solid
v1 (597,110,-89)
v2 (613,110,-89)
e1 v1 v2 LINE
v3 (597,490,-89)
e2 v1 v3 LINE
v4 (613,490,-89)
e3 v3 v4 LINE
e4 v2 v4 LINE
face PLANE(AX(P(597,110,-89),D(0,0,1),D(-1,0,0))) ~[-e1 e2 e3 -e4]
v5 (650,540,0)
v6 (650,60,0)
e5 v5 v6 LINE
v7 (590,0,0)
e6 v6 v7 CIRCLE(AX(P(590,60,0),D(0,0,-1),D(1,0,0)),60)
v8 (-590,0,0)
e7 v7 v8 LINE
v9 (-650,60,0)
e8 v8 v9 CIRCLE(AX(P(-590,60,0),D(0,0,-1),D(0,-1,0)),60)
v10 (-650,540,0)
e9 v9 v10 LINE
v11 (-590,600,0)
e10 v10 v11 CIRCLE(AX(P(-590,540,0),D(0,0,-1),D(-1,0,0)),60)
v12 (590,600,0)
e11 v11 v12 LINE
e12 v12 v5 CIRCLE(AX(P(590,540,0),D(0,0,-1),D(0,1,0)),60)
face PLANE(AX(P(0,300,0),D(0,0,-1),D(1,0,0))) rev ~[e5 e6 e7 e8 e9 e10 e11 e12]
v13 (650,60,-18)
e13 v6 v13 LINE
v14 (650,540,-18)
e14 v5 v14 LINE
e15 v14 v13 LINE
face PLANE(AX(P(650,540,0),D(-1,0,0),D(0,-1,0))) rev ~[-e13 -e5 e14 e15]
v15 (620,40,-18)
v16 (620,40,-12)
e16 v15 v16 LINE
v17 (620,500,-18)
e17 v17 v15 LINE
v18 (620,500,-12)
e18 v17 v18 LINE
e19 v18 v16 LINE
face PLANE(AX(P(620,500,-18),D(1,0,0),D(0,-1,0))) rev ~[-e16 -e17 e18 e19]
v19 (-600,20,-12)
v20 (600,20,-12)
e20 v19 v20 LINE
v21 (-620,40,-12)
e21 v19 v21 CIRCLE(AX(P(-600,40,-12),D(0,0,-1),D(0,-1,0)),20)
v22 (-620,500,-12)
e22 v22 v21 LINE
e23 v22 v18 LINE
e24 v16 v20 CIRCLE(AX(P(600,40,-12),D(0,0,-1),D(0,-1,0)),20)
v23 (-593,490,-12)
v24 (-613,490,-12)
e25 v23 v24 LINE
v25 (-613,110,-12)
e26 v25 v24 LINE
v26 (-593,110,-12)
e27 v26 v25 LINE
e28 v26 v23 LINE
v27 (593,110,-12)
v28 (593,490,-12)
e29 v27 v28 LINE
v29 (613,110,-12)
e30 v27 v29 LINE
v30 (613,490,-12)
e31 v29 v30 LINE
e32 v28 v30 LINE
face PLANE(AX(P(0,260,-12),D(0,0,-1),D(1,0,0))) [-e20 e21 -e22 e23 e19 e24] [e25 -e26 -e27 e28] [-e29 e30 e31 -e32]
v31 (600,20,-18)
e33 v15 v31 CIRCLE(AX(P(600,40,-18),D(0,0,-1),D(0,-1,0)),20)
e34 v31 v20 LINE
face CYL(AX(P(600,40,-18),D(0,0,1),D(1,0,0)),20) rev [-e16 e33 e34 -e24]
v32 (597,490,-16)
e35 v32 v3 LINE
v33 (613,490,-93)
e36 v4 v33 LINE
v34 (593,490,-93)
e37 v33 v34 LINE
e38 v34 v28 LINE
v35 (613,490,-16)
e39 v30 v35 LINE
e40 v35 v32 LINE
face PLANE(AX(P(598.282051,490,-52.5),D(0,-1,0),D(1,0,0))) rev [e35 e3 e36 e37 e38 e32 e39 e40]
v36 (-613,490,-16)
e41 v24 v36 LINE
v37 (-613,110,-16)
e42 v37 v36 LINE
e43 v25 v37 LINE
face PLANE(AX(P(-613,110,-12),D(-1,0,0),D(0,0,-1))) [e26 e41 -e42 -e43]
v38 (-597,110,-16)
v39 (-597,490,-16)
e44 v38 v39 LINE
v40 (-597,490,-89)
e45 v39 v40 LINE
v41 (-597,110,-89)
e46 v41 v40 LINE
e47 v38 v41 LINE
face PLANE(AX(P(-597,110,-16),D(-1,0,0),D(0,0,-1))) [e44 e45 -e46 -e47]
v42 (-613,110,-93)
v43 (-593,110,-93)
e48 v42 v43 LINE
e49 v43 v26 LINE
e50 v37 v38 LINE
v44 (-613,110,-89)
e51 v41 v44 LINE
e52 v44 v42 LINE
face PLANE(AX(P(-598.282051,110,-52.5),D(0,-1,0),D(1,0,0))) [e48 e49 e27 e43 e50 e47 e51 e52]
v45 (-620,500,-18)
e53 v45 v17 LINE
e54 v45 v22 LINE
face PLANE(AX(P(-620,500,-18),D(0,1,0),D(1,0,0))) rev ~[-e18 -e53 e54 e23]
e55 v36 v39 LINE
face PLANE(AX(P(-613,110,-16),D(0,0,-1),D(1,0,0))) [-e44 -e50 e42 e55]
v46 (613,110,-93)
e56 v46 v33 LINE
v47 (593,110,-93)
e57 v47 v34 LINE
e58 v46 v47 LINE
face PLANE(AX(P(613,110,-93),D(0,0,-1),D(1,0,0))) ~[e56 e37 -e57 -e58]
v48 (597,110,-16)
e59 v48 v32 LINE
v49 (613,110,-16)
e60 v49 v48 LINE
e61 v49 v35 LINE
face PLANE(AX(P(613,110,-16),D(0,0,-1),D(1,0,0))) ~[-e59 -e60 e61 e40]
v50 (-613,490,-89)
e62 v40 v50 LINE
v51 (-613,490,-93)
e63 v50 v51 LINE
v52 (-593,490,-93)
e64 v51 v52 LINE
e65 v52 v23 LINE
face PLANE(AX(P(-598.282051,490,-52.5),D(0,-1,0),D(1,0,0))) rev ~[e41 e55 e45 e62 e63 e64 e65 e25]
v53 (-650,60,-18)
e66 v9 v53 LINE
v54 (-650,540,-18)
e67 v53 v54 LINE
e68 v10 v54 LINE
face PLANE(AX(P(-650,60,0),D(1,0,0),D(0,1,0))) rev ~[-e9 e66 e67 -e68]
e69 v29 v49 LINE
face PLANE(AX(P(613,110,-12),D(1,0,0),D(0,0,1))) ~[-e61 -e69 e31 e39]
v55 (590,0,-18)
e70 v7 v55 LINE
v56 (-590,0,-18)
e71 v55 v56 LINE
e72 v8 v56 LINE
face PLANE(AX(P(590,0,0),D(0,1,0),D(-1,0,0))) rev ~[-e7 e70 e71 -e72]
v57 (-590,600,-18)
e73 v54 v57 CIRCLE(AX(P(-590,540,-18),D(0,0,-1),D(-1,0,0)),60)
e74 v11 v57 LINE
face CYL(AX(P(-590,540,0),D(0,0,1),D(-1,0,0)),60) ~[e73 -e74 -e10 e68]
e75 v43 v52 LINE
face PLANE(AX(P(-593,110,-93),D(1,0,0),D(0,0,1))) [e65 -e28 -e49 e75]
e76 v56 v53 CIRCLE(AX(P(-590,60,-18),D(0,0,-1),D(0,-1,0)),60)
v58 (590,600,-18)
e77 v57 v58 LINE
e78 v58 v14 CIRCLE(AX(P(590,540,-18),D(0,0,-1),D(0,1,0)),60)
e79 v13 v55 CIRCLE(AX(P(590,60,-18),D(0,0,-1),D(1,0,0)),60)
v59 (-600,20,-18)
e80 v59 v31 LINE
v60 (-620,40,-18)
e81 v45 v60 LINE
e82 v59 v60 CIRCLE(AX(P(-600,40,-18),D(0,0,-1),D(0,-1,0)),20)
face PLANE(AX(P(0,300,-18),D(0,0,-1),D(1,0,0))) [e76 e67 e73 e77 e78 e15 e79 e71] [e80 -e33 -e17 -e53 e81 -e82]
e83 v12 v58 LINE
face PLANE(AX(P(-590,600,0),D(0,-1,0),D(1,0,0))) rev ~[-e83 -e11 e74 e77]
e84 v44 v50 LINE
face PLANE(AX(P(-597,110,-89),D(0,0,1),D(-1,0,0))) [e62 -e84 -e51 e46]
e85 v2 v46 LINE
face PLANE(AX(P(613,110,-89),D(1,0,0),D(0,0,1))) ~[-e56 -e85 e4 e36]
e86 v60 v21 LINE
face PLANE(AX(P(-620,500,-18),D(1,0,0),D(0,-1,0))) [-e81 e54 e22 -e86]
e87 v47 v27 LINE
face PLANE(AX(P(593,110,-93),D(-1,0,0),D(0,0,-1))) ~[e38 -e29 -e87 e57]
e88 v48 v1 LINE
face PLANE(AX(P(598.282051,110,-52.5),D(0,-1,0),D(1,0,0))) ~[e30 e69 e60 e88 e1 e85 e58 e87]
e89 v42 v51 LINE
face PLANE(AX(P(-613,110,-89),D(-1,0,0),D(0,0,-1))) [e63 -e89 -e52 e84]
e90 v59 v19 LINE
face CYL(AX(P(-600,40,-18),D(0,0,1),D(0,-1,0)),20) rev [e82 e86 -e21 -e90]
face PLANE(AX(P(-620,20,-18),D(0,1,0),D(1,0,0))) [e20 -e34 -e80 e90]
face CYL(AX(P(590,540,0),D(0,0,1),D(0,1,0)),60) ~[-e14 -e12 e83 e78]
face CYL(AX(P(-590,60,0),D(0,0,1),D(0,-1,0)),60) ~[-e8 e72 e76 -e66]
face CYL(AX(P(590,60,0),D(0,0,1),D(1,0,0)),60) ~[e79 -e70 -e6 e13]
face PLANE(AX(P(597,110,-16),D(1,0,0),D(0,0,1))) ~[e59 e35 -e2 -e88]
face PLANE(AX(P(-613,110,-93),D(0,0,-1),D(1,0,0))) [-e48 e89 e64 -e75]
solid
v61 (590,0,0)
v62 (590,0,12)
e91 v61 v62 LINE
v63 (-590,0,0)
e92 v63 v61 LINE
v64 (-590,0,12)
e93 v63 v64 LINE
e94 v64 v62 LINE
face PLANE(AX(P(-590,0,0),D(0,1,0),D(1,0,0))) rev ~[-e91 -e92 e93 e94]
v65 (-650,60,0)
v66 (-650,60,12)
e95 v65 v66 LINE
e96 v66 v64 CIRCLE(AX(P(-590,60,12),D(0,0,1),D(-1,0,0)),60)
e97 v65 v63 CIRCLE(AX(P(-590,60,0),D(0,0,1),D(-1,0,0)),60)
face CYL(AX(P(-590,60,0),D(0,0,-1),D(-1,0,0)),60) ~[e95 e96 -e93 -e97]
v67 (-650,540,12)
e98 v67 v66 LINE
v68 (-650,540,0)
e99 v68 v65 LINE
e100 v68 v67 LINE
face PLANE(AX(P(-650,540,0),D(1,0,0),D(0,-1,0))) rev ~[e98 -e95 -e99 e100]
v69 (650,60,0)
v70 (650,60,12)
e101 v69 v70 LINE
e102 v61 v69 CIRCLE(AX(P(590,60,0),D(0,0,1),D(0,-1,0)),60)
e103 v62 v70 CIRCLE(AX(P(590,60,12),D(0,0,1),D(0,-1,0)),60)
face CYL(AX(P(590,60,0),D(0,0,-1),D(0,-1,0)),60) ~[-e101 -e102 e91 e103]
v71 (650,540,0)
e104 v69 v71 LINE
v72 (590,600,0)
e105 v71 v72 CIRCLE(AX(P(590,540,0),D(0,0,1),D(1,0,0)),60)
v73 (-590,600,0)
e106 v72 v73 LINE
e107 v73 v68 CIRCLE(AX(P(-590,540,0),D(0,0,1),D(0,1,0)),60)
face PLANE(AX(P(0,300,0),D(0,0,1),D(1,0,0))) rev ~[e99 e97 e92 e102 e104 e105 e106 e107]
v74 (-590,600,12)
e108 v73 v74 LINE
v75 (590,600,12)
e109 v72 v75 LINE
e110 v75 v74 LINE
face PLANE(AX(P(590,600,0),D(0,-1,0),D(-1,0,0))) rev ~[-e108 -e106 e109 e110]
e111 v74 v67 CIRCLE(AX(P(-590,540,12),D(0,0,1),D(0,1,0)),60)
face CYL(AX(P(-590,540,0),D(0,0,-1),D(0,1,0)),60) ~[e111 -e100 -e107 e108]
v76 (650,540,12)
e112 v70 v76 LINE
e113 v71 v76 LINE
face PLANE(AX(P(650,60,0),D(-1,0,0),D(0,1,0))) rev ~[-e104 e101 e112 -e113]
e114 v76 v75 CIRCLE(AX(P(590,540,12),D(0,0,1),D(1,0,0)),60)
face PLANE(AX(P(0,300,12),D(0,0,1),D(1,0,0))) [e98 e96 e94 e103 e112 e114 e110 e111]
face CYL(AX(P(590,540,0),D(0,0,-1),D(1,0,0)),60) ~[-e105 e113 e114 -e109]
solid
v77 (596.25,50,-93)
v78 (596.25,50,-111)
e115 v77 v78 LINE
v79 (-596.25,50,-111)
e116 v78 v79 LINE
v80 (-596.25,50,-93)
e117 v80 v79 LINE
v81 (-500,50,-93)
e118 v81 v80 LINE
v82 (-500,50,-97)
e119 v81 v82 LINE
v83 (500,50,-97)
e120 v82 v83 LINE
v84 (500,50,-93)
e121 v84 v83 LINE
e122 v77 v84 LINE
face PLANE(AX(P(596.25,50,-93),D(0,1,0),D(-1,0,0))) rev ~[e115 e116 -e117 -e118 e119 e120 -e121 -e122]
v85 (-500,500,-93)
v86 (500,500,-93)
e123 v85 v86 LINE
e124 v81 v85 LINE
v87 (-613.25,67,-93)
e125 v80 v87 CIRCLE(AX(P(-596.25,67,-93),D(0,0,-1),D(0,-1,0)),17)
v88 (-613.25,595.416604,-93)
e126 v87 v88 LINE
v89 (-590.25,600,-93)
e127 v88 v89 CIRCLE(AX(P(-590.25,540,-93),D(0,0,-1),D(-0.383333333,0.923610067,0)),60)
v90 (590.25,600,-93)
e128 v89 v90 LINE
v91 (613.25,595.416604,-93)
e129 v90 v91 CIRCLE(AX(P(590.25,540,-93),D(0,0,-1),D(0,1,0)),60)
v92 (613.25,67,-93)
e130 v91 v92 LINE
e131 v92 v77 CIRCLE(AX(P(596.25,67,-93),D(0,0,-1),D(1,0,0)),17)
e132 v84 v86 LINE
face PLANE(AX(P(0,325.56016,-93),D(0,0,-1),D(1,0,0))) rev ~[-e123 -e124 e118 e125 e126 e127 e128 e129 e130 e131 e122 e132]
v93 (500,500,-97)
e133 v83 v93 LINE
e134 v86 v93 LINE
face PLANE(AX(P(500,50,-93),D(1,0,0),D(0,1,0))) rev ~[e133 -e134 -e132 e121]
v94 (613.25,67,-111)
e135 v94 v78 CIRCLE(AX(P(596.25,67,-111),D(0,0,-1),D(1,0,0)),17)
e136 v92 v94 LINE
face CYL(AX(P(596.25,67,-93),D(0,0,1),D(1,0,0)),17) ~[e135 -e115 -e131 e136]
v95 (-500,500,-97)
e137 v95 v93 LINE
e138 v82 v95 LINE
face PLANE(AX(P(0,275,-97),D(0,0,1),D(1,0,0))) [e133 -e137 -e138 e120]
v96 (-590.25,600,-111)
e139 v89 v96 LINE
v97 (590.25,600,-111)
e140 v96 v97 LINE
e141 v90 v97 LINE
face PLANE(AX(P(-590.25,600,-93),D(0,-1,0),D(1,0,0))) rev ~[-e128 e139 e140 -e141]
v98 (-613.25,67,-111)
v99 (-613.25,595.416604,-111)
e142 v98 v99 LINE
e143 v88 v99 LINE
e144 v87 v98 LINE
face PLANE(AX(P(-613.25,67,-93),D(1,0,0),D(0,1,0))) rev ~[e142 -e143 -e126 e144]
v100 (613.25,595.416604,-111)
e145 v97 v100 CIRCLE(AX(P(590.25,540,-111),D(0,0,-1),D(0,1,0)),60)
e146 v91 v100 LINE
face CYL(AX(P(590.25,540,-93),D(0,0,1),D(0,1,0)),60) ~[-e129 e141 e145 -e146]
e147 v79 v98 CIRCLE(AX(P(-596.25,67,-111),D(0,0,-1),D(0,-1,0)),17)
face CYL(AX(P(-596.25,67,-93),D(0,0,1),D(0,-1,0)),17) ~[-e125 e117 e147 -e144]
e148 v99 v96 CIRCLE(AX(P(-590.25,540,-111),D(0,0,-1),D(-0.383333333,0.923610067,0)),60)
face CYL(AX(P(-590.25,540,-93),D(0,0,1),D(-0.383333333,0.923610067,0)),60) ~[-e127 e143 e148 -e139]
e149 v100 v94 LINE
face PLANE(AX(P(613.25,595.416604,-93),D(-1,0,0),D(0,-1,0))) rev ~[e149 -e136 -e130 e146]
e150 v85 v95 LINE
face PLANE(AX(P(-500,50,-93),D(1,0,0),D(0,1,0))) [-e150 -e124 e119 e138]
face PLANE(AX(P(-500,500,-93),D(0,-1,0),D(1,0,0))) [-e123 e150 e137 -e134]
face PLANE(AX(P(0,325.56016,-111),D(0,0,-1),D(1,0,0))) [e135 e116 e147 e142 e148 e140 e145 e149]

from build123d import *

# Parameters (mm, degrees)
F1_DEPTH  = 12
F3_DEPTH  = 18
F4_W      = 1240
F4_H      = 480
F5_DEPTH  = 6
F6_R      = 20
F9_DEPTH  = 380
F12_DEPTH = 18
F13_W     = 1000
F13_H     = 450
F14_DEPTH = 4


with BuildPart() as f1:
    # F0 (on Top) → F1 (new body)
    with BuildSketch(Plane.XY):
        with BuildLine():
            ThreePointArc((-650, 60), (-632.4264068712, 17.5735931288), (-590, 0))
            Line((-590, 0), (590, 0))
            ThreePointArc((590, 0), (632.4264068712, 17.5735931288), (650, 60))
            Line((650, 60), (650, 540))
            ThreePointArc((650, 540), (632.4264068712, 582.4264068712), (590, 600))
            Line((590, 600), (-590, 600))
            ThreePointArc((-590, 600), (-632.4264068712, 582.4264068712), (-650, 540))
            Line((-650, 540), (-650, 60))
        make_face()
    extrude(amount=F1_DEPTH)


with BuildPart() as f3:
    # F2 (on face) → F3 (new body)
    with BuildSketch(Plane(origin=(0, 0, 0), x_dir=(1, 0, 0), z_dir=(0, 0, -1))):
        with BuildLine():
            ThreePointArc((-650, -540), (-632.4264068712, -582.4264068712), (-590, -600))
            Line((-590, -600), (590, -600))
            ThreePointArc((590, -600), (632.4264068712, -582.4264068712), (650, -540))
            Line((650, -540), (650, -60))
            ThreePointArc((650, -60), (632.4264068712, -17.5735931288), (590, 0))
            Line((590, 0), (-590, 0))
            ThreePointArc((-590, 0), (-632.4264068712, -17.5735931288), (-650, -60))
            Line((-650, -60), (-650, -540))
        make_face()
    extrude(amount=F3_DEPTH)

    # F4 (on face) → F5 (cut)
    with BuildSketch(Plane(origin=(0, 0, -18), x_dir=(1, 0, 0), z_dir=(0, 0, -1))):
        with Locations((0, -260)):
            Rectangle(F4_W, F4_H)
    extrude(amount=-F5_DEPTH, mode=Mode.SUBTRACT)

    # F6
    f6_edges = [f3.edges().sort_by_distance(p)[0] for p in [
        (-620, 20, -15),
        (620, 20, -15),
    ]]
    fillet(f6_edges, radius=F6_R)



with BuildPart() as f9:
    # F8 (on offset) → F9 (new body)
    with BuildSketch(Plane.XZ.offset(-110)):
        Polygon((-613, -12), (-613, -16), (-597, -16), (-597, -89), (-613, -89), (-613, -93), (-593, -93), (-593, -12), align=None)
    extrude(amount=-F9_DEPTH)


with BuildPart() as f3_1:
    add(f3.part)

    add(f9.part)  # F10 merges F9
    # F10: F9 across plane
    add(f9.part.mirror(Plane.YZ))


with BuildPart() as f12:
    # F11 (on face) → F12 (new body)
    with BuildSketch(Plane(origin=(0, 0, -93), x_dir=(1, 0, 0), z_dir=(0, 0, -1))):
        with BuildLine():
            Line((596.25, -50), (-596.25, -50))
            ThreePointArc((-596.25, -50), (-608.2708152802, -54.9791847198), (-613.25, -67))
            Line((-613.25, -67), (-613.25, -595.41660401))
            ThreePointArc((-613.25, -595.41660401), (-601.97611955, -598.8429955075), (-590.25, -600))
            Line((-590.25, -600), (590.25, -600))
            ThreePointArc((590.25, -600), (601.97611955, -598.8429955075), (613.25, -595.41660401))
            Line((613.25, -595.41660401), (613.25, -67))
            ThreePointArc((613.25, -67), (608.2708152802, -54.9791847198), (596.25, -50))
        make_face()
    extrude(amount=F12_DEPTH)

    # F13 (on face) → F14 (cut)
    with BuildSketch(Plane.XY.offset(-93)):
        with Locations((0, 275)):
            Rectangle(F13_W, F13_H)
    extrude(amount=-F14_DEPTH, mode=Mode.SUBTRACT)


solid = Compound([f1.part, f3_1.part, f12.part])
